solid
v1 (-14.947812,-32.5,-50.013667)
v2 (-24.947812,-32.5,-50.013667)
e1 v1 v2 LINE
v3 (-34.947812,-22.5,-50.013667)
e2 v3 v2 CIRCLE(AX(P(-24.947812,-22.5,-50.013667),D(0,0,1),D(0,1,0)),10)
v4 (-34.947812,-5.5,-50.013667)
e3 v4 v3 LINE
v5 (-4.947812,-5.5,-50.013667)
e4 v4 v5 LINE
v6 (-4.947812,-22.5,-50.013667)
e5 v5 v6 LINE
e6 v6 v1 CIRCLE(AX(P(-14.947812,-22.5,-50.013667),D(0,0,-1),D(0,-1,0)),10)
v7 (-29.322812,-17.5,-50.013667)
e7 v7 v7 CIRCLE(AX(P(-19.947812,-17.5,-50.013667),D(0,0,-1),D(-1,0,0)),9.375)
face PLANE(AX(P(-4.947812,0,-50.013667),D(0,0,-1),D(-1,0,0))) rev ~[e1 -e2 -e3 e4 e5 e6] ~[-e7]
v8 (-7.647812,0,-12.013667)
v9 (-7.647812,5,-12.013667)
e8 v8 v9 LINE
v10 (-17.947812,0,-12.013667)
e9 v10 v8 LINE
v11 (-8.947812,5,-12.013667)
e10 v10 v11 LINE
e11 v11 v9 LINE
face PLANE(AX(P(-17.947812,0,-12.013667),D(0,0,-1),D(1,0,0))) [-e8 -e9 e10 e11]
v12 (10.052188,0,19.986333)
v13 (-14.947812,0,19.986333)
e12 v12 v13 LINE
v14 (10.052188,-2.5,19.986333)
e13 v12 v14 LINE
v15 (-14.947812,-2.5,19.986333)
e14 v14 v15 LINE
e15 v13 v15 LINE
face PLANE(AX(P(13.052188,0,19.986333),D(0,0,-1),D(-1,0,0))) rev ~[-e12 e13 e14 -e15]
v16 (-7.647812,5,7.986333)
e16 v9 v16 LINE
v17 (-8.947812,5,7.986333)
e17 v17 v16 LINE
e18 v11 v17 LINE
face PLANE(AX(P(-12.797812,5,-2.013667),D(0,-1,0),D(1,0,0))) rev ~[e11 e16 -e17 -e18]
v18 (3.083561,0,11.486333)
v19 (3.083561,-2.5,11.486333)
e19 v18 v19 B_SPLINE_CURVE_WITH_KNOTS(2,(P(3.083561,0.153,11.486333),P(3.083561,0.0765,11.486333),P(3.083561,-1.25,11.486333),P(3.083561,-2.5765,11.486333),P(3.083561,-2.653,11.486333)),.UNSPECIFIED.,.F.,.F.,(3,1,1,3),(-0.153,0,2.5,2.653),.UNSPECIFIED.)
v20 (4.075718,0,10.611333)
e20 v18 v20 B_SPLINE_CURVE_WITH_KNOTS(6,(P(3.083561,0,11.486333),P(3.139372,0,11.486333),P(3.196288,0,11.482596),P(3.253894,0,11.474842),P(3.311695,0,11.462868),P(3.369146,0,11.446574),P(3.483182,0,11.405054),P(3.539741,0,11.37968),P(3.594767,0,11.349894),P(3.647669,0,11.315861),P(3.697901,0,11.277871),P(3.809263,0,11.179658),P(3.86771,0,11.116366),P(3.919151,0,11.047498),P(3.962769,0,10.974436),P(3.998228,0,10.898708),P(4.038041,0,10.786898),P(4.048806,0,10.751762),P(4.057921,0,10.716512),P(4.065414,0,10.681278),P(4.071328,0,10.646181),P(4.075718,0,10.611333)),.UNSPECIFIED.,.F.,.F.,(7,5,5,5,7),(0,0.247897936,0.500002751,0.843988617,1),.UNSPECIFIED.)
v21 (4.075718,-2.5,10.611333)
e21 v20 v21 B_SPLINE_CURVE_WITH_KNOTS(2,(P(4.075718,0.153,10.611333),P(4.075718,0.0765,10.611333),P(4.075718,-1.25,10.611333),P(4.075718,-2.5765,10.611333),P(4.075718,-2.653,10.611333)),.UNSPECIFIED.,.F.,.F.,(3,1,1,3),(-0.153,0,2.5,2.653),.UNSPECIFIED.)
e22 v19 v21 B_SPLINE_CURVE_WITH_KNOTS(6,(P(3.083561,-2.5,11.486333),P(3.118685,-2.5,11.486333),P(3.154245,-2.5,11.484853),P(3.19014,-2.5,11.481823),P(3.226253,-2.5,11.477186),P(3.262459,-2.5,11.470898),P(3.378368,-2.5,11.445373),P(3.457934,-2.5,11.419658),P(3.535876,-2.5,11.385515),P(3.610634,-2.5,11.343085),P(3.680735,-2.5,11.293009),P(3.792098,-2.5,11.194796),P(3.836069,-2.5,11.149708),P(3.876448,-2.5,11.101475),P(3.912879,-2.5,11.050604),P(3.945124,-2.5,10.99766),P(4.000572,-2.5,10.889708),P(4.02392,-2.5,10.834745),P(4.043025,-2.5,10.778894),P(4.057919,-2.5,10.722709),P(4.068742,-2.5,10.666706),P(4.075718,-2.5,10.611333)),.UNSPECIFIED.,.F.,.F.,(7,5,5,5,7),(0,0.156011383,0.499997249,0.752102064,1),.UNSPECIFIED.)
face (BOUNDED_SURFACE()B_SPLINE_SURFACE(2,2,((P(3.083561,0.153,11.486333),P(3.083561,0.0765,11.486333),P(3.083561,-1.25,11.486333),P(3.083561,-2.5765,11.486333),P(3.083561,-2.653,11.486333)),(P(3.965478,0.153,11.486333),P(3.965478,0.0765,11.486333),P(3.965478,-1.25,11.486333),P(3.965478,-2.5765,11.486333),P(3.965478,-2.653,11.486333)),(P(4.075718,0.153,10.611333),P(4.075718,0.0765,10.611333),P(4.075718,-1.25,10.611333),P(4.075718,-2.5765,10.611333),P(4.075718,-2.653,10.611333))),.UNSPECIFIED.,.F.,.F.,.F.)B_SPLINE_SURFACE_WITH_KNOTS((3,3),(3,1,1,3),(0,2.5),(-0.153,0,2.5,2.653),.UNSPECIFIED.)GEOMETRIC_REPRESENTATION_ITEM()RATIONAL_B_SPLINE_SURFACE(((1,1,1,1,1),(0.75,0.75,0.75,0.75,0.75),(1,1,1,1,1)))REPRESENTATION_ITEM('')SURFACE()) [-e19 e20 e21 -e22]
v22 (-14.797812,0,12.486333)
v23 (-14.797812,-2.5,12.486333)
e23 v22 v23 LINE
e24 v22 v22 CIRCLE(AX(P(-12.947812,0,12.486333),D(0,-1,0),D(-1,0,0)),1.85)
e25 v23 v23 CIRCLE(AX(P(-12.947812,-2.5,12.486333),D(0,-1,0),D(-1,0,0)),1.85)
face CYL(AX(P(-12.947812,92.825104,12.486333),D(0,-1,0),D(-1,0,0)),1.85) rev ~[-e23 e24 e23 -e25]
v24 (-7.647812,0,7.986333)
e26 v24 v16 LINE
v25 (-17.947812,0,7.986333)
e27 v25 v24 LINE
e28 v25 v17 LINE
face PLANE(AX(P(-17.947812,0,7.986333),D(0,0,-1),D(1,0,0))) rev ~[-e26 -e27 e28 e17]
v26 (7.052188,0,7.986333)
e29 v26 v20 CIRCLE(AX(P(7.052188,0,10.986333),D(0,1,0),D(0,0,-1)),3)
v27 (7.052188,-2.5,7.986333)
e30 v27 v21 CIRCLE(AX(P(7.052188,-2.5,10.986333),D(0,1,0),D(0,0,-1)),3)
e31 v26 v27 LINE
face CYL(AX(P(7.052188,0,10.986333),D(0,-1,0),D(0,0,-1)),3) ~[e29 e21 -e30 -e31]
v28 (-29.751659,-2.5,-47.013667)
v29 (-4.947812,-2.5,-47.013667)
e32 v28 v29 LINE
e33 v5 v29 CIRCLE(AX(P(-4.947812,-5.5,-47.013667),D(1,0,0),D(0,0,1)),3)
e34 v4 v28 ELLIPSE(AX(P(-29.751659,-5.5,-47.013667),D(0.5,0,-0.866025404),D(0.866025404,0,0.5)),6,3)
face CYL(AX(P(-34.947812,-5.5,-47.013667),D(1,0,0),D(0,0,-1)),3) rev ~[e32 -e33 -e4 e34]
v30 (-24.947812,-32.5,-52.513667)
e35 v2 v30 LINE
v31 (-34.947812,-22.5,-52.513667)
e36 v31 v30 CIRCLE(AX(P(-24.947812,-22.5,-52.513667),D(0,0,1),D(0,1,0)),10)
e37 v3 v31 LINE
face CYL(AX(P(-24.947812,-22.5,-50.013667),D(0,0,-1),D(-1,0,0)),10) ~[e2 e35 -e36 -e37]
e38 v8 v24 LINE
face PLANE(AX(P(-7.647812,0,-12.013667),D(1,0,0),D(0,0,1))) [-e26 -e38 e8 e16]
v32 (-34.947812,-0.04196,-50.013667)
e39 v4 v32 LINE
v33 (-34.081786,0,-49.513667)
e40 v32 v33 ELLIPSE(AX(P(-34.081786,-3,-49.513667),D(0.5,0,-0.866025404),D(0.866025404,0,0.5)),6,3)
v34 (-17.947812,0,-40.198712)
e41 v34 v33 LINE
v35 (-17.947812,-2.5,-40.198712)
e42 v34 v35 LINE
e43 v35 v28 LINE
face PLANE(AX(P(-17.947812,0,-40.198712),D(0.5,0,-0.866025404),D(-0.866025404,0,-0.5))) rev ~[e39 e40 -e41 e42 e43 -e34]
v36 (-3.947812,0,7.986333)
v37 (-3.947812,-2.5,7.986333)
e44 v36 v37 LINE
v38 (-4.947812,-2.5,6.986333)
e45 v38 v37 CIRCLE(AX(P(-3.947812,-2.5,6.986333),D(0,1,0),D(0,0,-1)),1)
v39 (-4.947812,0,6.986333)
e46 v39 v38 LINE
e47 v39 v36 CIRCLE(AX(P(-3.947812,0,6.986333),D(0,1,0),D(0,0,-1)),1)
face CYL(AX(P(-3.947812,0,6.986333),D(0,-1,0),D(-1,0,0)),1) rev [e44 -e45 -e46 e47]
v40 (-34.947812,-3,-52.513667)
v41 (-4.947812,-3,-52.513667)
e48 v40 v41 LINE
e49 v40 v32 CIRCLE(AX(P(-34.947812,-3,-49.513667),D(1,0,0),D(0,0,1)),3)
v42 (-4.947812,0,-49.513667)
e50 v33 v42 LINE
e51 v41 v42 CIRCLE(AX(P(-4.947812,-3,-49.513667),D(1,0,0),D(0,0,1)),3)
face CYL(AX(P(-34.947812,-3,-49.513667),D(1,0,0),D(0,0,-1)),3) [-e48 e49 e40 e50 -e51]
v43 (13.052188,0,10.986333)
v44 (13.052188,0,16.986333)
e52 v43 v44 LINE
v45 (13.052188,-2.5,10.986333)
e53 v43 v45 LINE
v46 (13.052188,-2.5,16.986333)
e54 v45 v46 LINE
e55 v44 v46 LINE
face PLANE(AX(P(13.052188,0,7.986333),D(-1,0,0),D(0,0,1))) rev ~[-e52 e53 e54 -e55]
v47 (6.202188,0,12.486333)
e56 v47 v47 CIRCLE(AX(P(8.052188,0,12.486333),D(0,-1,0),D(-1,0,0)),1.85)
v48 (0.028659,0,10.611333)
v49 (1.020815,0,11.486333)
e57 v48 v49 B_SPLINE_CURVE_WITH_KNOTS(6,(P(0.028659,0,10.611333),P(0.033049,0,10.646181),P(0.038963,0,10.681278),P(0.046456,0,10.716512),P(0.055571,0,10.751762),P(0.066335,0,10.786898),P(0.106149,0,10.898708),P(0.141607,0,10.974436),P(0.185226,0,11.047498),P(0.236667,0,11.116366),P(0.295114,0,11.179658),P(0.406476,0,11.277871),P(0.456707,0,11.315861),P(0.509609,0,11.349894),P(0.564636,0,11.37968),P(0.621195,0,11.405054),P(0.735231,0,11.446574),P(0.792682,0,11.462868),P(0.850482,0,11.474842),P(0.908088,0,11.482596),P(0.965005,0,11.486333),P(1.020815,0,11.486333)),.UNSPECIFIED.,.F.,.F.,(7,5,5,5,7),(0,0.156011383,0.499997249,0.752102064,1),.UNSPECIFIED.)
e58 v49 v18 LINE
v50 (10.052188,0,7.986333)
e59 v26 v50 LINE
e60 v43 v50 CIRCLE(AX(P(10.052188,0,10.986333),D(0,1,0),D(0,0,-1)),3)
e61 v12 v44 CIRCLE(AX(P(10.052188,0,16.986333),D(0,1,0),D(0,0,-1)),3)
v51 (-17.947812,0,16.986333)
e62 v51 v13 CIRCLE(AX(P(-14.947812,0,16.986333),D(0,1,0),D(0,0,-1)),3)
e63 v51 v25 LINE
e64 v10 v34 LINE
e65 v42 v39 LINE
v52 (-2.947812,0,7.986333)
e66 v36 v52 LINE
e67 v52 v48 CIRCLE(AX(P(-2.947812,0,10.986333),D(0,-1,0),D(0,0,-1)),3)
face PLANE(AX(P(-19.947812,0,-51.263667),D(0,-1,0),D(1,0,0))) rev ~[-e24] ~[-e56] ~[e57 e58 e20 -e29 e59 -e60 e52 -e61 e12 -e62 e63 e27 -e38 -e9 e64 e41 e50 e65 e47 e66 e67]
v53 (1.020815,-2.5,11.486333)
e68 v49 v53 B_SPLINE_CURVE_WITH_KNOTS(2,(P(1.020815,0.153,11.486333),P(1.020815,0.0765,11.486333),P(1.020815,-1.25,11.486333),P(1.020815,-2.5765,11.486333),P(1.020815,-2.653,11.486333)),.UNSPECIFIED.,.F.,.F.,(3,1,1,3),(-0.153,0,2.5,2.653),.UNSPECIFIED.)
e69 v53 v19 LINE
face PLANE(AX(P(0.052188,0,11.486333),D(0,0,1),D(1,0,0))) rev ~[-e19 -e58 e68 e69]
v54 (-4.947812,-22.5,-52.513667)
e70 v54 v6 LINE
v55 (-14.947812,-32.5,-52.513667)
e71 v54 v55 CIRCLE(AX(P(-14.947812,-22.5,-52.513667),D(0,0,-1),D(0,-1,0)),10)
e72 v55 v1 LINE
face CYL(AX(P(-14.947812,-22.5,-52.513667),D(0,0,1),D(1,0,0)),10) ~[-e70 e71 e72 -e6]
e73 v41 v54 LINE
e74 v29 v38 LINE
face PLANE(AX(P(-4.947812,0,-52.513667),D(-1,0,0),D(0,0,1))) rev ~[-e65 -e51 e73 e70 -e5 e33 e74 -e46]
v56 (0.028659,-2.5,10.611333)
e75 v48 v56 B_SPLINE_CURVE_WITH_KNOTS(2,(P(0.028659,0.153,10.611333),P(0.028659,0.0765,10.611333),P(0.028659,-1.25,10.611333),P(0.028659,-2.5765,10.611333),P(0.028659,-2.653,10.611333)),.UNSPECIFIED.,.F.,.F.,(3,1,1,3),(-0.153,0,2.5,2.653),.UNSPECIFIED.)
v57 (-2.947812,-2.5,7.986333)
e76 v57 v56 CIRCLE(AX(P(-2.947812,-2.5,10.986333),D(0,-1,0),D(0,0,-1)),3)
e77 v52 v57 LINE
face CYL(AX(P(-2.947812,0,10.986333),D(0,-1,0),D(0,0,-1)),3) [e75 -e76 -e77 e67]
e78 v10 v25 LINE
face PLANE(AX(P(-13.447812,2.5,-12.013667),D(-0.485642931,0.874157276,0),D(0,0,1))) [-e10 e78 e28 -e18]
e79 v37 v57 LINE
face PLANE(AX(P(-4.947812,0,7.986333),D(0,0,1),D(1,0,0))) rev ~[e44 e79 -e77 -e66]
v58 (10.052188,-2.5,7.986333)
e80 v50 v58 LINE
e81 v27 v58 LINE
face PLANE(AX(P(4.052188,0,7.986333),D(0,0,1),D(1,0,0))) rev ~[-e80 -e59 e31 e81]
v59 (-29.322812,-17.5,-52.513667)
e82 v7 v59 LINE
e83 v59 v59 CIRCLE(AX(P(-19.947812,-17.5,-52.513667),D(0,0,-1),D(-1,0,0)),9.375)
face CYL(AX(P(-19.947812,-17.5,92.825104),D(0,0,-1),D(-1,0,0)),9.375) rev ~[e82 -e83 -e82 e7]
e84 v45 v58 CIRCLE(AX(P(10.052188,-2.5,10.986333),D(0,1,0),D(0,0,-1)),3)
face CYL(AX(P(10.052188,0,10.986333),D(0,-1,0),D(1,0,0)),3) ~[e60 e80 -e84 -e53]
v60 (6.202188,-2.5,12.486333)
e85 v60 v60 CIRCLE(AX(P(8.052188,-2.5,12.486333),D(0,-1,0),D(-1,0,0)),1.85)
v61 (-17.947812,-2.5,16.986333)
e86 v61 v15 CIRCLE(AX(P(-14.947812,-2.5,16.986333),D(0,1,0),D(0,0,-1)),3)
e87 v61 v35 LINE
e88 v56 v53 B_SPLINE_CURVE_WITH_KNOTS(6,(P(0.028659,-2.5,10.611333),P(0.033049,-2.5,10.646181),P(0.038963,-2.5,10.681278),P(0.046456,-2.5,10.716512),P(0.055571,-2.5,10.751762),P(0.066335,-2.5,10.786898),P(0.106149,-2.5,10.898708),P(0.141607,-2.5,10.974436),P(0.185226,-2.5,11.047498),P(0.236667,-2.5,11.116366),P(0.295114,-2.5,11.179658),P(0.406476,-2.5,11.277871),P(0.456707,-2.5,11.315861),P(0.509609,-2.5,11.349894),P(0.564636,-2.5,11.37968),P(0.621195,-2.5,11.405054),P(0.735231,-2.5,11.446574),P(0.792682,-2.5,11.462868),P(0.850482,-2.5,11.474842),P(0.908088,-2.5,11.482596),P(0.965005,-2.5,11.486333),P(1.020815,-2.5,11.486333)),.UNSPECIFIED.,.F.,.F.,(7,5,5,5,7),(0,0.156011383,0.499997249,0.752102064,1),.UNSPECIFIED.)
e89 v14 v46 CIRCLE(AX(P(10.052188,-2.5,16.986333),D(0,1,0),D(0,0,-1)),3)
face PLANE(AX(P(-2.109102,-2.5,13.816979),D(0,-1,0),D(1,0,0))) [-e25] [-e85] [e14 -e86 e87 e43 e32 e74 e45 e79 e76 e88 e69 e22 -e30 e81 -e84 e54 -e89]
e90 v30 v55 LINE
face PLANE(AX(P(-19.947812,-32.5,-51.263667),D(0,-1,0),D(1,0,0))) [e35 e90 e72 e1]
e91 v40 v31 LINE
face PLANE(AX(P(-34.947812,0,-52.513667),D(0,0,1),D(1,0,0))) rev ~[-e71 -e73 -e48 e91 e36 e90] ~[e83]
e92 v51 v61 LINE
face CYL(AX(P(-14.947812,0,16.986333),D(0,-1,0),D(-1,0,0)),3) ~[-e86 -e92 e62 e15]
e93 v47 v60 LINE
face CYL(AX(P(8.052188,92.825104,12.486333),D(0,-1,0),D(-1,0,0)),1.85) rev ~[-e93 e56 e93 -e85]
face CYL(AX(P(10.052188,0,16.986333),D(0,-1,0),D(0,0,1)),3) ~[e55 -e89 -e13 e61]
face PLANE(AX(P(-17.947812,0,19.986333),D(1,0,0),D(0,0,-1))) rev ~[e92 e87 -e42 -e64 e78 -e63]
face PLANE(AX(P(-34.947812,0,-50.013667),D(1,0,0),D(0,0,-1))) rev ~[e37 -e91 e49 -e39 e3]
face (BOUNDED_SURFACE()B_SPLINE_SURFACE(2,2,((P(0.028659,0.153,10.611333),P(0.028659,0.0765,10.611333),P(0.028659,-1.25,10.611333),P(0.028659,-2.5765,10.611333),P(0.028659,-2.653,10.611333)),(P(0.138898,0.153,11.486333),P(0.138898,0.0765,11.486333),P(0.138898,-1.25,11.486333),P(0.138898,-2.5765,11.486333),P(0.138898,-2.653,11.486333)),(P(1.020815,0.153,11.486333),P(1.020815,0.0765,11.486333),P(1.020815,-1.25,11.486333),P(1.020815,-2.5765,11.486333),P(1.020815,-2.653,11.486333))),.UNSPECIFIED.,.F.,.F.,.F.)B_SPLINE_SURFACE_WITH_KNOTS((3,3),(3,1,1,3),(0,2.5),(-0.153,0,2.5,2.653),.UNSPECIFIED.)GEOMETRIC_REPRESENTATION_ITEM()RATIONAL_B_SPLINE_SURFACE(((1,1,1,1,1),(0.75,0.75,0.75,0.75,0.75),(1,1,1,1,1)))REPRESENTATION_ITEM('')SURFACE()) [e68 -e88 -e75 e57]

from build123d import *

# Parameters (mm, degrees)
F0_W     = 10.3
F0_H     = 20
F0_W_2   = 2.7
F1_DEPTH = 2.5
F2_DEPTH = 32.5
F4_D     = 18.75
F5_D     = 3.7
F6_DEPTH = 5
F7_SIZE2 = 9
F7_SIZE  = 5
F8_R     = 10
F9_R     = 3
F10_R    = 1


with BuildPart() as f1:
    # F0 (on Front) → F1 (new body)
    with BuildSketch(Plane.XZ):
        Polygon((13.0521883406, 19.9863334329), (-17.9478116594, 19.9863334329), (-17.9478116594, 7.9863334329), (-7.6478116594, 7.9863334329), (-4.9478116594, 7.9863334329), (0.0521883406, 7.9863334329), (0.0521883406, 11.4863334329), (4.0521883406, 11.4863334329), (4.0521883406, 7.9863334329), (13.0521883406, 7.9863334329), align=None)
        Polygon((-17.9478116594, -50.0136665671), (-17.9478116594, -40.1987119909), (-34.9478116594, -50.0136665671), align=None)
        with Locations((-12.7978116594, -2.0136665671)):
            Rectangle(F0_W, F0_H)
        with Locations((-6.2978116594, -2.0136665671)):
            Rectangle(F0_W_2, F0_H)
        Polygon((-7.6478116594, -12.0136665671), (-17.9478116594, -12.0136665671), (-17.9478116594, -40.1987119909), (-17.9478116594, -50.0136665671), (-4.9478116594, -50.0136665671), (-4.9478116594, -12.0136665671), align=None)
    extrude(amount=F1_DEPTH)

    # F0 (on Front) → F2 (join)
    with BuildSketch(Plane.XZ):
        Polygon((-4.9478116594, -50.0136665671), (-17.9478116594, -50.0136665671), (-34.9478116594, -50.0136665671), (-34.9478116594, -52.5136665671), (-4.9478116594, -52.5136665671), align=None)
    extrude(amount=F2_DEPTH)

    # F4 (through all)
    with Locations(Plane.XY):
        with Locations((-19.9478116594, -17.5)):
            Hole(F4_D / 2)

    # F5 (through all)
    with Locations(Plane(origin=(0, 0, 0), x_dir=(1, 0, 0), z_dir=(0, 1, 0))):
        with Locations((-12.9478116594, -12.4863334329), (8.0521883406, -12.4863334329)):
            Hole(F5_D / 2)

    # F0 (on Front) → F6 (join)
    with BuildSketch(Plane.XZ):
        with Locations((-12.7978116594, -2.0136665671)):
            Rectangle(F0_W, F0_H)
    extrude(amount=-F6_DEPTH)

    # F7
    f7_edges = [f1.edges().sort_by_distance(p)[0] for p in [
        (-17.947812, 5, -2.013667),
    ]]
    f7_side = f1.faces().sort_by_distance((-17.947812, 0.247229, -6.875159))[0]
    chamfer(f7_edges, length=F7_SIZE, length2=F7_SIZE2, reference=f7_side)

    # F8
    f8_edges = [f1.edges().sort_by_distance(p)[0] for p in [
        (-4.947812, -32.5, -51.263667),
        (-34.947812, -32.5, -51.263667),
    ]]
    fillet(f8_edges, radius=F8_R)

    # F9
    f9_edges = [f1.edges().sort_by_distance(p)[0] for p in [
        (-17.947812, -1.25, 19.986333),
        (13.052188, -1.25, 19.986333),
        (0.052188, -1.25, 7.986333),
        (4.052188, -1.25, 7.986333),
        (13.052188, -1.25, 7.986333),
        (-19.947812, 0, -52.513667),
        (-19.947812, -2.5, -50.013667),
    ]]
    fillet(f9_edges, radius=F9_R)

    # F10
    f10_edges = [f1.edges().sort_by_distance(p)[0] for p in [
        (0.052188, -1.25, 11.486333),
        (4.052188, -1.25, 11.486333),
        (-4.947812, -1.25, 7.986333),
    ]]
    fillet(f10_edges, radius=F10_R)


solid = f1.part
